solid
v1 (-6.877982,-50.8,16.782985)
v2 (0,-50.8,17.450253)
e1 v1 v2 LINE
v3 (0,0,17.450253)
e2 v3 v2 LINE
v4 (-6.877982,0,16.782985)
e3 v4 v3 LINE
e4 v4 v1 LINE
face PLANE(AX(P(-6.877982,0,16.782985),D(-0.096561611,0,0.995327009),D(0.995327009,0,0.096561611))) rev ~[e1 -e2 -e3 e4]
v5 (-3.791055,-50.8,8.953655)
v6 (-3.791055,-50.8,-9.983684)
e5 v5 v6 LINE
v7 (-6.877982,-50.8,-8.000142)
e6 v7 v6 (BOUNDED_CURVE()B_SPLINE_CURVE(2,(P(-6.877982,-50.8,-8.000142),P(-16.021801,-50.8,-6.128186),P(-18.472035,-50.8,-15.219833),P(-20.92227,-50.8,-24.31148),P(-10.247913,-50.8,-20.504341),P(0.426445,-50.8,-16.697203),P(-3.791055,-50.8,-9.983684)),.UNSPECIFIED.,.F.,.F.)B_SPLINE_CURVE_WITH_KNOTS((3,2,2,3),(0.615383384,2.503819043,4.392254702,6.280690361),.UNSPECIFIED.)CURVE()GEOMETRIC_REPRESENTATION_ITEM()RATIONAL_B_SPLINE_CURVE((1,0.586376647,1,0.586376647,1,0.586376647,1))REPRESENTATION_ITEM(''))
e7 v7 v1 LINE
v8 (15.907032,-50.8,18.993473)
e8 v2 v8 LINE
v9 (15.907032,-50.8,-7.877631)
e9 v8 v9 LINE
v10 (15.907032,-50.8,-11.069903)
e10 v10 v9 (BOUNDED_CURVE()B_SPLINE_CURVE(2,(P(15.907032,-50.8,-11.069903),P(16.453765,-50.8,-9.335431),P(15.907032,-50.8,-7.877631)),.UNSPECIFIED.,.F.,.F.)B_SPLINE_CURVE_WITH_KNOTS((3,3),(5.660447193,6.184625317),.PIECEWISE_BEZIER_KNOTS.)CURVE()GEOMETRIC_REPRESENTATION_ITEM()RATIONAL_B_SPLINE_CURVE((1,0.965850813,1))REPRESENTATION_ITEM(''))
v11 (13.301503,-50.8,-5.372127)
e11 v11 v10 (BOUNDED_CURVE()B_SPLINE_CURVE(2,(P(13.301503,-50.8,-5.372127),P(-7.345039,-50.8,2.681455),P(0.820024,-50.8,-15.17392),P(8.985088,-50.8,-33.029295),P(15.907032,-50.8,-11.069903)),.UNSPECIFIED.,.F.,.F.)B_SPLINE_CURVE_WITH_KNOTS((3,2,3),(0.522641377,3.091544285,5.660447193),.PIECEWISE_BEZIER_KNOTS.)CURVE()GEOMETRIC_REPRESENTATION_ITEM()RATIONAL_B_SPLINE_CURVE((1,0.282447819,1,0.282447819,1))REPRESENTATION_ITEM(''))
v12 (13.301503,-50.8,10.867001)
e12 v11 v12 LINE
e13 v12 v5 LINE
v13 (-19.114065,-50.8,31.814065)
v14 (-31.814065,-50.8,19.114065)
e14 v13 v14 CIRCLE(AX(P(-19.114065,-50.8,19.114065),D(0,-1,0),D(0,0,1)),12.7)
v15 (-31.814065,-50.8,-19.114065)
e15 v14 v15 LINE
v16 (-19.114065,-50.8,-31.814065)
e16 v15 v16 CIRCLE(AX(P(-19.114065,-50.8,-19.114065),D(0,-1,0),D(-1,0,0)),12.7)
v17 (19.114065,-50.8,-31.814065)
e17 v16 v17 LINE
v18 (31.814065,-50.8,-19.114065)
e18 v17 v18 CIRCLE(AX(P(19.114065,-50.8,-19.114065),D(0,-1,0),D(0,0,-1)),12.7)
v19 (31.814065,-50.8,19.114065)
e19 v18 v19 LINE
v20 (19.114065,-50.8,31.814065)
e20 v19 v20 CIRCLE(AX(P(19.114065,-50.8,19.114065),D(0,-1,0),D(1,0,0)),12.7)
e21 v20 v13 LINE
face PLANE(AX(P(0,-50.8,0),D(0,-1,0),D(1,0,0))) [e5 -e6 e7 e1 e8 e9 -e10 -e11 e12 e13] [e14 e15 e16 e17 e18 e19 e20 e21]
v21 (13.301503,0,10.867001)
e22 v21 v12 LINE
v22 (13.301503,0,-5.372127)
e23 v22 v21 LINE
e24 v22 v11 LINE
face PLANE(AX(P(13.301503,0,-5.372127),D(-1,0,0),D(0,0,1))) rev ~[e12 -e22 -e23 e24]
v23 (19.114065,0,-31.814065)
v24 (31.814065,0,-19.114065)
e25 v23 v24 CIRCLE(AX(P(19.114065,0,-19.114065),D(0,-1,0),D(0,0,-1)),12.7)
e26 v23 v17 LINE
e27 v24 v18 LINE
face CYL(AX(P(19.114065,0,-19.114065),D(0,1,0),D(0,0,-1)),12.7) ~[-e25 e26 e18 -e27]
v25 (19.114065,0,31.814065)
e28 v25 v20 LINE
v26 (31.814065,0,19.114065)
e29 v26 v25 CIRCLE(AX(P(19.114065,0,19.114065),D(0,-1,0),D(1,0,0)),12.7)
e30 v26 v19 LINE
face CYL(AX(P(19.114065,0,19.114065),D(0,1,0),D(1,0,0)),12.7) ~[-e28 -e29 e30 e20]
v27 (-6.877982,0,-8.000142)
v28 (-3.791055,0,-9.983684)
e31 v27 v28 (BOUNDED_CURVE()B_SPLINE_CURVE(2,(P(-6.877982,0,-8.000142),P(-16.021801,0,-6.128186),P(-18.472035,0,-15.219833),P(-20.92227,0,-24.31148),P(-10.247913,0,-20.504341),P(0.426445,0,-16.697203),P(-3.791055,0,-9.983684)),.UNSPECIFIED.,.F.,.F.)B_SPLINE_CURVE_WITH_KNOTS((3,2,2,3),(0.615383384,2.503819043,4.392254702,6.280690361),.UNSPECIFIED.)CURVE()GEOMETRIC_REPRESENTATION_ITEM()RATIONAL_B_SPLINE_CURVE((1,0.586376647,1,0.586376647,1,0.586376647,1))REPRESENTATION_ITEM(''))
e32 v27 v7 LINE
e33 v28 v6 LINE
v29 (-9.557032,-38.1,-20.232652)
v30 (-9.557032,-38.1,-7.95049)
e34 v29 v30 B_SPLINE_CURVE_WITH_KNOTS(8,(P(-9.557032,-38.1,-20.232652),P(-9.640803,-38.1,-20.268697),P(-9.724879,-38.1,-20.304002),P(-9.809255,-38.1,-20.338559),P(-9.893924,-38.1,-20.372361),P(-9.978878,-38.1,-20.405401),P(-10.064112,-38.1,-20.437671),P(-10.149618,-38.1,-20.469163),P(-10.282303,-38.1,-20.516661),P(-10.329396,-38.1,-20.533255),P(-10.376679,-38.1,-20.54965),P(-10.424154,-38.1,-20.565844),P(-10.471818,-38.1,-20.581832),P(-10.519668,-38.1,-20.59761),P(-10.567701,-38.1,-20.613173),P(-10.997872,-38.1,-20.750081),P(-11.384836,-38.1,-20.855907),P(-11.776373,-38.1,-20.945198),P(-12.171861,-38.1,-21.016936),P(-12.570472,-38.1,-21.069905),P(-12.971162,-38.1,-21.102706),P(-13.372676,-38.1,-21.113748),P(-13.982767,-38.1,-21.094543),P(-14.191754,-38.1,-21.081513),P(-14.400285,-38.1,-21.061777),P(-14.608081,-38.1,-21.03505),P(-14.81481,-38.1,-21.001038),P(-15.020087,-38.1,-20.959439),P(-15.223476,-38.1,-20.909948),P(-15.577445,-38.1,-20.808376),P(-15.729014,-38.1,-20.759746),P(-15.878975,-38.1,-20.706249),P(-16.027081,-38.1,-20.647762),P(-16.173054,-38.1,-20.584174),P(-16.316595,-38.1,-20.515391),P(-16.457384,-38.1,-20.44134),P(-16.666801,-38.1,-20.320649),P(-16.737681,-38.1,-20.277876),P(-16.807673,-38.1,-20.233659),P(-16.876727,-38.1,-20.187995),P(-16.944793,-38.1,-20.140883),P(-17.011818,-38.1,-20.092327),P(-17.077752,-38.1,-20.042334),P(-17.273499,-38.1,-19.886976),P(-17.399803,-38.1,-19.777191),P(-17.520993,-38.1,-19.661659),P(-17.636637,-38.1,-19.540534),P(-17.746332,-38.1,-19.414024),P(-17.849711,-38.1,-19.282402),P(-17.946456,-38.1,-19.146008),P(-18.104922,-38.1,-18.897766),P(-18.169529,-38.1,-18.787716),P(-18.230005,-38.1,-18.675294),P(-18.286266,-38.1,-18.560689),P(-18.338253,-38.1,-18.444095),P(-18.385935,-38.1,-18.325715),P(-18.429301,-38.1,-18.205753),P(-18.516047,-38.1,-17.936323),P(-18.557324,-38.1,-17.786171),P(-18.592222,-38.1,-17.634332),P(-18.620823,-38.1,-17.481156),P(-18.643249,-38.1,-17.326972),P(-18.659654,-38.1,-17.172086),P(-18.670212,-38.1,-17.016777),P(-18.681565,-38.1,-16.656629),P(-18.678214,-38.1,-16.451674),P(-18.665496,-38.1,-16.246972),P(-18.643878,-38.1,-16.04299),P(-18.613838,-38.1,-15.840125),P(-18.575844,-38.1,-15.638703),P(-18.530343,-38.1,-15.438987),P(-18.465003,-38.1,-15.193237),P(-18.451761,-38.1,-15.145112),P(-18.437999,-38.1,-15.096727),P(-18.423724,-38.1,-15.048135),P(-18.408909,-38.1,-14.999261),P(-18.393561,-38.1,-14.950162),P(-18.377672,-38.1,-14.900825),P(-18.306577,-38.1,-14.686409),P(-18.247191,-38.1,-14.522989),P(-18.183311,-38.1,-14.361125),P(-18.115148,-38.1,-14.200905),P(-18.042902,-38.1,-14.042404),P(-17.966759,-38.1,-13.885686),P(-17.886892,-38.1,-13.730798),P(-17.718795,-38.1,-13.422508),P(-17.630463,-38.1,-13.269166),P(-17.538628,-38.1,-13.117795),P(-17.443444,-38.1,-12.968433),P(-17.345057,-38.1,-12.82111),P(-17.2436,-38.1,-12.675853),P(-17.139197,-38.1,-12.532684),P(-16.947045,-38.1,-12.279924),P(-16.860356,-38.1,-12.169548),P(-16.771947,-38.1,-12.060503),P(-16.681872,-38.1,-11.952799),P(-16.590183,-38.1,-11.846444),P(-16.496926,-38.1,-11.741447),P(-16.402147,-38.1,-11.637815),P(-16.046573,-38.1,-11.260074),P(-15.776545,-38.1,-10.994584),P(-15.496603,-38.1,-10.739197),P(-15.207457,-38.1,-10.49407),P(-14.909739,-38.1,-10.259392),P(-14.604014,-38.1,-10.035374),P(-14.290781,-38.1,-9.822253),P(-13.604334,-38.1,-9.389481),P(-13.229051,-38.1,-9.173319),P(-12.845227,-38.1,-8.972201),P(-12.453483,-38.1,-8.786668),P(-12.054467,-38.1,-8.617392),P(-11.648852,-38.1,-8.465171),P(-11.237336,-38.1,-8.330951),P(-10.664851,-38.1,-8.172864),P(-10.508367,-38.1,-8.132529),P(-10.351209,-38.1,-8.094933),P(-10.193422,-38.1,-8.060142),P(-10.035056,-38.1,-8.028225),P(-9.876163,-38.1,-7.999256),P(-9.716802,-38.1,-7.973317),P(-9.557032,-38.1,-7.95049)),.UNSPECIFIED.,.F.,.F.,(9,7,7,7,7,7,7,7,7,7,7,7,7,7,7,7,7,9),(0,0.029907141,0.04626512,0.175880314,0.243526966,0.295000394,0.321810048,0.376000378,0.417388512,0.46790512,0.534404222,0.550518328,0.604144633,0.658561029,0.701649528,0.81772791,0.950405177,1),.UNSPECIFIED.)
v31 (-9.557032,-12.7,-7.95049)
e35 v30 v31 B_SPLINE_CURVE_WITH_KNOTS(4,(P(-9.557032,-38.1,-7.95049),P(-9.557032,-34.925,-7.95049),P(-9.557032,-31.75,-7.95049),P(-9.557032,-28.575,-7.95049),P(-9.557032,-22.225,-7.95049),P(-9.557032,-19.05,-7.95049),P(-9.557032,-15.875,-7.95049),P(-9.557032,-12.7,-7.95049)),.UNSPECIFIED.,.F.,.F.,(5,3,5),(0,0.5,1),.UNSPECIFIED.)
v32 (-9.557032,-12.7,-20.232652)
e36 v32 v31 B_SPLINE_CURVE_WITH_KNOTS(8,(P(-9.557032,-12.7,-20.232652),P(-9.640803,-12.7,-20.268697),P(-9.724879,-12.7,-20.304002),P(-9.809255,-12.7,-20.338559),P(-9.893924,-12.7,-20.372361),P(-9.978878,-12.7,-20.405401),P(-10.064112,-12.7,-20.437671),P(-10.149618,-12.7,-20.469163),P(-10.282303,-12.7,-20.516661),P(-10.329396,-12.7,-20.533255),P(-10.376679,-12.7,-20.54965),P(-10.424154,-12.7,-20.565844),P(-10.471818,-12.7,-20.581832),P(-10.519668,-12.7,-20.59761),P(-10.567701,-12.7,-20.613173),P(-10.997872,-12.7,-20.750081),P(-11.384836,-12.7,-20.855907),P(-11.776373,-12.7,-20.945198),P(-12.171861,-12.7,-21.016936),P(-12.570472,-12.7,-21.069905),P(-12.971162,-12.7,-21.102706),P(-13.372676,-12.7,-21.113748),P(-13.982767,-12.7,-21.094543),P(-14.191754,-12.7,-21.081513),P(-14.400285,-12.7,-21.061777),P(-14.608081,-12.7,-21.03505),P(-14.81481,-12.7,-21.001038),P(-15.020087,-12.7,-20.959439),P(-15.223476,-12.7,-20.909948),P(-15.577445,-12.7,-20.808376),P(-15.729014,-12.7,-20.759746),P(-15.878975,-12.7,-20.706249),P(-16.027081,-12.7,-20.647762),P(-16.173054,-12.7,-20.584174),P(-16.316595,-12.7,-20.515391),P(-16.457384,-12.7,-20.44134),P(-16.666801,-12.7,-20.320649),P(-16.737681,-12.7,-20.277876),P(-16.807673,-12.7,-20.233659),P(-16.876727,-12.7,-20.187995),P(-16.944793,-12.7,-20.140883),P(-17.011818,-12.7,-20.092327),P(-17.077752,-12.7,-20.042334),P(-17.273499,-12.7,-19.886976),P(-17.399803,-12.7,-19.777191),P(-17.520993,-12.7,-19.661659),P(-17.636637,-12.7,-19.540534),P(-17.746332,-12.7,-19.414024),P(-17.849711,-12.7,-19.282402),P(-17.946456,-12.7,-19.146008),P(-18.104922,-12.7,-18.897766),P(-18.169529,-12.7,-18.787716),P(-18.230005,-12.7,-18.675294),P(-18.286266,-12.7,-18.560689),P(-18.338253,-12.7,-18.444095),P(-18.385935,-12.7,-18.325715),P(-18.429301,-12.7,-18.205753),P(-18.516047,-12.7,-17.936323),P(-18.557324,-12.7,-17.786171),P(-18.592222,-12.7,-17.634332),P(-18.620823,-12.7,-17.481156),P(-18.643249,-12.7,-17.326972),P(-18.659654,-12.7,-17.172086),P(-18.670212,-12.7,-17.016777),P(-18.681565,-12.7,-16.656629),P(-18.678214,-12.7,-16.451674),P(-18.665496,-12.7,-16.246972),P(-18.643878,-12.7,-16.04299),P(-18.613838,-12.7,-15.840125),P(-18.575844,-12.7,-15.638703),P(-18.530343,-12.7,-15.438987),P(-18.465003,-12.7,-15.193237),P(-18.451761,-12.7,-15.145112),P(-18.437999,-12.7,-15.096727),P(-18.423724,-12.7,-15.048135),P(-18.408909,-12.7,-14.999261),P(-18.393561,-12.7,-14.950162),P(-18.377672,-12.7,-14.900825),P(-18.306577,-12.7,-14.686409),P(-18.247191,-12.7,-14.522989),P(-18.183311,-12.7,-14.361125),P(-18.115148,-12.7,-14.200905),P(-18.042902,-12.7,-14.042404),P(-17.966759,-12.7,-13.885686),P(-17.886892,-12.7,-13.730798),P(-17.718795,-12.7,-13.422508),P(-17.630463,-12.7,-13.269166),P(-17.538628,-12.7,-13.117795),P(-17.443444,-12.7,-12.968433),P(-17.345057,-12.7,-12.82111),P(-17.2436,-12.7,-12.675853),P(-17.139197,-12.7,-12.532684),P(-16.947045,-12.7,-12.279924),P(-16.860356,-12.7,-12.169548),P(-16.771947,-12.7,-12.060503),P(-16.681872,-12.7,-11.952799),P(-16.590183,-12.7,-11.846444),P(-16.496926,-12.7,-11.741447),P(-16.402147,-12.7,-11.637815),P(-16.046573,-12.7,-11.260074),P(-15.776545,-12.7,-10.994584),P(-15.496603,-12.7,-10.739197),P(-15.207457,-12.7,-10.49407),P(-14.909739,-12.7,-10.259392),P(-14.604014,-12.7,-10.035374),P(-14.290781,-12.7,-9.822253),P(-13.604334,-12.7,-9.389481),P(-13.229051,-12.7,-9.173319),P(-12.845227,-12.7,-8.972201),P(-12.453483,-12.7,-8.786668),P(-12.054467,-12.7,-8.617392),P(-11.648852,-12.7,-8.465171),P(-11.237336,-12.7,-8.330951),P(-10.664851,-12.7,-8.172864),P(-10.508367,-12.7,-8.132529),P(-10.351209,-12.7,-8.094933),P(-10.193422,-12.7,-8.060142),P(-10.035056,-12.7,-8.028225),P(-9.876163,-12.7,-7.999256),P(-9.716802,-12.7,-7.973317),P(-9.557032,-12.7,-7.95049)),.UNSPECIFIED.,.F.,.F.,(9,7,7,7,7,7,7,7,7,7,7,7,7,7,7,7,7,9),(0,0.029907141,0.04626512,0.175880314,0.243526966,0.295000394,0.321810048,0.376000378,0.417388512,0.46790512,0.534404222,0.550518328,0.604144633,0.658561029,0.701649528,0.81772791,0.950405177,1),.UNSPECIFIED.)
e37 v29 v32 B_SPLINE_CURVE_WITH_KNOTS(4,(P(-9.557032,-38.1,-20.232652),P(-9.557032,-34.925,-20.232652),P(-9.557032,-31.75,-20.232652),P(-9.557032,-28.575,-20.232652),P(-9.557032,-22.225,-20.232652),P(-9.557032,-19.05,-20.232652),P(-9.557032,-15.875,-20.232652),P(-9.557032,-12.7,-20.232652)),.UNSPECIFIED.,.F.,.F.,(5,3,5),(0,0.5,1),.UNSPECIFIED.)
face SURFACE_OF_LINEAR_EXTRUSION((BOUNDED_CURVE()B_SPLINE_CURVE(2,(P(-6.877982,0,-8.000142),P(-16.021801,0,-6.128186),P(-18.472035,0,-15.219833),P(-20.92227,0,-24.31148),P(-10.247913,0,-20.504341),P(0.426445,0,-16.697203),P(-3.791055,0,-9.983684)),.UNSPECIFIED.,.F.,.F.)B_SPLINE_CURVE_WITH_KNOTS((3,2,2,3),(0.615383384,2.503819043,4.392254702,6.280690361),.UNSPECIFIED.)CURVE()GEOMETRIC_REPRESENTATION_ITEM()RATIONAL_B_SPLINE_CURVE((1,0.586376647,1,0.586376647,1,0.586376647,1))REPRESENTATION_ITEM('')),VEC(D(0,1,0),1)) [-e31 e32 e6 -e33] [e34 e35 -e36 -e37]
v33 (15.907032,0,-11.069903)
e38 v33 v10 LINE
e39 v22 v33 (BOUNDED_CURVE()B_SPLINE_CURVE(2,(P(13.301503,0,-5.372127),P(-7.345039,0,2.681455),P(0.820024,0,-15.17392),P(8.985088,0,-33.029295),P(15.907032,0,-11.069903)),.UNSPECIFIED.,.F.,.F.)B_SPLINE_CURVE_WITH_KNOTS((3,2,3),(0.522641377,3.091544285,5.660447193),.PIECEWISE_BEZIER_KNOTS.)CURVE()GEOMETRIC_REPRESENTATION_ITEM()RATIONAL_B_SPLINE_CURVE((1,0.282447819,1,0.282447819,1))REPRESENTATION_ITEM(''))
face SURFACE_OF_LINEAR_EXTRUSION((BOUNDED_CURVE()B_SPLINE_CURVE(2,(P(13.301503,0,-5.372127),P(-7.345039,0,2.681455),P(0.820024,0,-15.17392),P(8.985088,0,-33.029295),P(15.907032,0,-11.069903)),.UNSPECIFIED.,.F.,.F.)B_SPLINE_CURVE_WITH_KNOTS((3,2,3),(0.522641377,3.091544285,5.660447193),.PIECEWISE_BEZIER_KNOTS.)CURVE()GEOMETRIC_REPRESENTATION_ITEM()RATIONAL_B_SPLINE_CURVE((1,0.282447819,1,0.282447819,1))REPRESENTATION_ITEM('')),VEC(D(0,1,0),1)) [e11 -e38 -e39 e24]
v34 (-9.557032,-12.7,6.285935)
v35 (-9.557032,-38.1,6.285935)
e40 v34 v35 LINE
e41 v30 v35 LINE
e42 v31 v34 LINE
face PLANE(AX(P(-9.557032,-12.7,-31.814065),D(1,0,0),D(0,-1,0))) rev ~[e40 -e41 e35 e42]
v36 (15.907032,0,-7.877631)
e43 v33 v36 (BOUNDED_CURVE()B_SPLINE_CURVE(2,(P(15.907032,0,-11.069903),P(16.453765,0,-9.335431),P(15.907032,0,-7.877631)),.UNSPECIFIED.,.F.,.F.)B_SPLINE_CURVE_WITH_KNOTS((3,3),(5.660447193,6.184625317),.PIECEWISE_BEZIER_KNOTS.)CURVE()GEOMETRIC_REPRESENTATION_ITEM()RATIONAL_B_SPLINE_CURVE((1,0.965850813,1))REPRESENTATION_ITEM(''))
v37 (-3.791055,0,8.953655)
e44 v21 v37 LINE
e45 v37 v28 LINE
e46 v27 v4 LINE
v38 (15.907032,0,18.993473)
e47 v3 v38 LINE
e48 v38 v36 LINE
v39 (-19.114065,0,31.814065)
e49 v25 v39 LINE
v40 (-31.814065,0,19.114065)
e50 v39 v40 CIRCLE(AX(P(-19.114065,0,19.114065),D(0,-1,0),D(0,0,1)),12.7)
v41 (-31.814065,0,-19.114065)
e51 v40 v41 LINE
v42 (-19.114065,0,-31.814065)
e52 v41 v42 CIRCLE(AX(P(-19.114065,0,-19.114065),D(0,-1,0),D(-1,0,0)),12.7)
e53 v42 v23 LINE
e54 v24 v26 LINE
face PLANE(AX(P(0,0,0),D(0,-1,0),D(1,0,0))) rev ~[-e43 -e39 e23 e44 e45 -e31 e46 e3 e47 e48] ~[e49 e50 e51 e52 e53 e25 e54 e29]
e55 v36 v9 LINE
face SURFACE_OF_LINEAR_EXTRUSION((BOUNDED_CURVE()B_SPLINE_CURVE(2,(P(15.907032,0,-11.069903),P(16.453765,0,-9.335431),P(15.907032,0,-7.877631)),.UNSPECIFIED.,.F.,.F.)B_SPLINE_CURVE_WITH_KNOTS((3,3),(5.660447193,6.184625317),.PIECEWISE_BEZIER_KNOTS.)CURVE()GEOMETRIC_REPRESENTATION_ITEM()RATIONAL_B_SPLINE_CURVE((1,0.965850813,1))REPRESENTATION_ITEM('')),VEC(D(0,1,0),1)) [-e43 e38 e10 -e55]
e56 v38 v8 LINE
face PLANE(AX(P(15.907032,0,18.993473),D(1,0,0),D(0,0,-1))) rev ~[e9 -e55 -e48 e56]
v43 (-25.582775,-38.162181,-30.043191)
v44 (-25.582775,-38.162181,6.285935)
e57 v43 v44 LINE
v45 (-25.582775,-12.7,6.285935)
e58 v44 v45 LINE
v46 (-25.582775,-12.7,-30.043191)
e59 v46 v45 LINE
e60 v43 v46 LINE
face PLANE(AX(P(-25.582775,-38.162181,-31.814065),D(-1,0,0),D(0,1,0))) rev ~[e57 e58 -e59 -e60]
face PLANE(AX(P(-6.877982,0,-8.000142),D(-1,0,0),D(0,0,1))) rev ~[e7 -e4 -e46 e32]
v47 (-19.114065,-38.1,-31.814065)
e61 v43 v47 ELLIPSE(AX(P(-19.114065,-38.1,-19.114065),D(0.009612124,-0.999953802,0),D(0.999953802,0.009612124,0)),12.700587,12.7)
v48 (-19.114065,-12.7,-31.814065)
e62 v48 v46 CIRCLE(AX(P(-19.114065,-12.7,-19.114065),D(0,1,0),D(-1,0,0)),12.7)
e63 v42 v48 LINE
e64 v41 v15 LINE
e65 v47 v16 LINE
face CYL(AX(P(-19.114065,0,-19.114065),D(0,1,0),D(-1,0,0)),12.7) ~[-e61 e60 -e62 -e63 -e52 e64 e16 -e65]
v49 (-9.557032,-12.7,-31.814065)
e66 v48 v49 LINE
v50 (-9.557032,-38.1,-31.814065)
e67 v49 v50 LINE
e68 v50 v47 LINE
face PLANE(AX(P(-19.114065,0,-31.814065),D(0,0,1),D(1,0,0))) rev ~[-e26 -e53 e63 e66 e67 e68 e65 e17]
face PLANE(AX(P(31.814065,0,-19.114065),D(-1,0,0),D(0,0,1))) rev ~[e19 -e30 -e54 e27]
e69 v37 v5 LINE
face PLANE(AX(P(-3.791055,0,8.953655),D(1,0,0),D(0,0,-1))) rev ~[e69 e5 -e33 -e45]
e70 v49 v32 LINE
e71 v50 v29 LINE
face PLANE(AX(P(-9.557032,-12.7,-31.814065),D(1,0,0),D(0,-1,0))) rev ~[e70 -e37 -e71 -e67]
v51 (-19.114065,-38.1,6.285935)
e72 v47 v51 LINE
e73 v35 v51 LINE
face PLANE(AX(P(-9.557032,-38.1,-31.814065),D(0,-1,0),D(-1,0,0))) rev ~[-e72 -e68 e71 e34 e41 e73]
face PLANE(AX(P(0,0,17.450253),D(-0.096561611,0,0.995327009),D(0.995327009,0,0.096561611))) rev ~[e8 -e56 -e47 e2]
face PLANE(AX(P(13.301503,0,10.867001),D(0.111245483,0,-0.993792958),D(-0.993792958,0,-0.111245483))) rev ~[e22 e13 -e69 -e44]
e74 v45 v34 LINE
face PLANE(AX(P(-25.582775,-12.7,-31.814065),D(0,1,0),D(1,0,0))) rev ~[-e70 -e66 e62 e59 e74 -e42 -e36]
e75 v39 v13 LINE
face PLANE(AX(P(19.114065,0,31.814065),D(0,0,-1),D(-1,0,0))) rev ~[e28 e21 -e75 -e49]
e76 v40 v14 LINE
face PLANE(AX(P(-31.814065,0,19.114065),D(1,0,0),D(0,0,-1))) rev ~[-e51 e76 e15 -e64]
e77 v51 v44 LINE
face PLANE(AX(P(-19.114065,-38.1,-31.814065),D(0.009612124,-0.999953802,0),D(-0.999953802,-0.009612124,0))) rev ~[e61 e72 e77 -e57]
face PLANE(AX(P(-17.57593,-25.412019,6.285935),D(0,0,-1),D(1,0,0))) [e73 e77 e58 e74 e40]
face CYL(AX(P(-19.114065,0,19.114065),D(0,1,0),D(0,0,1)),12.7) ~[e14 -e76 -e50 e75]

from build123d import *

# Parameters (mm, degrees)
F1_DEPTH = 50.8
F2_W     = 9.5570324153
F2_H     = 25.4
F3_DEPTH = 38.1


with BuildPart() as f1:
    # F0 (on Front) → F1 (new body)
    with BuildSketch(Plane.XZ):
        with BuildLine():
            ThreePointArc((31.8140648305, 19.1140648305), (28.0943209516, 28.0943209516), (19.1140648305, 31.8140648305))
            Line((19.1140648305, 31.8140648305), (-19.1140648305, 31.8140648305))
            ThreePointArc((-19.1140648305, 31.8140648305), (-28.0943209516, 28.0943209516), (-31.8140648305, 19.1140648305))
            Line((-31.8140648305, 19.1140648305), (-31.8140648305, -19.1140648305))
            ThreePointArc((-31.8140648305, -19.1140648305), (-28.0943209516, -28.0943209516), (-19.1140648305, -31.8140648305))
            Line((-19.1140648305, -31.8140648305), (19.1140648305, -31.8140648305))
            ThreePointArc((19.1140648305, -31.8140648305), (28.0943209516, -28.0943209516), (31.8140648305, -19.1140648305))
            Line((31.8140648305, -19.1140648305), (31.8140648305, 19.1140648305))
        make_face()
        with BuildLine():
            Line((0, 17.4502525479), (15.9070324153, 18.9934726804))
            Line((15.9070324153, 18.9934726804), (15.9070324153, -7.8776313864))
            add(Edge.make_bspline(
                [(15.9070324153, -11.0699034313), (16.4537652748, -9.3354312413), (15.9070324153, -7.8776313864)],
                knots=[5.6604471934, 5.6604471934, 5.6604471934, 6.1846253165, 6.1846253165, 6.1846253165], degree=2, weights=[1, 0.9658508127, 1]))
            add(Edge.make_bspline(
                [(13.3015029384, -5.3721268886), (-7.3450386538, 2.6814548398), (0.8200244828, -15.1739199013), (8.9850876193, -33.0292946424), (15.9070324153, -11.0699034313)],
                knots=[0.5226413768, 0.5226413768, 0.5226413768, 3.0915442851, 3.0915442851, 5.6604471934, 5.6604471934, 5.6604471934], degree=2, weights=[1, 0.2824478193, 1, 0.2824478193, 1]))
            Line((13.3015029384, -5.3721268886), (13.3015029384, 10.8670009554))
            Line((13.3015029384, 10.8670009554), (-3.7910551095, 8.953654853))
            Line((-3.7910551095, 8.953654853), (-3.7910551095, -9.9836840186))
            add(Edge.make_bspline(
                [(-6.877981989, -8.0001423255), (-16.0218010445, -6.1281863149), (-18.4720354203, -15.2198331884), (-20.9222697961, -24.311480062), (-10.2479125398, -20.504341458), (0.4264447164, -16.697202854), (-3.7910551095, -9.9836840186)],
                knots=[0.6153833843, 0.6153833843, 0.6153833843, 2.5038190433, 2.5038190433, 4.3922547024, 4.3922547024, 6.2806903614, 6.2806903614, 6.2806903614], degree=2, weights=[1, 0.5863766466, 1, 0.5863766466, 1, 0.5863766466, 1]))
            Line((-6.877981989, -8.0001423255), (-6.877981989, 16.7829853921))
            Line((-6.877981989, 16.7829853921), (0, 17.4502525479))
        make_face(mode=Mode.SUBTRACT)
    extrude(amount=F1_DEPTH)

    # F2 (on face) → F3 (cut)
    with BuildSketch(Plane(origin=(0, 0, -31.8140648305), x_dir=(1, 0, 0), z_dir=(0, 0, -1))):
        Polygon((-19.1140648305, 12.7), (-9.5570324153, 12.7), (-9.5570324153, 38.1), (-19.1140648305, 38.1), (-25.5827749312, 38.1621809185), (-25.5827749312, 12.7), align=None)
        with Locations((-14.3355486229, 25.4)):
            Rectangle(F2_W, F2_H)
    extrude(amount=-F3_DEPTH, mode=Mode.SUBTRACT)


solid = f1.part
